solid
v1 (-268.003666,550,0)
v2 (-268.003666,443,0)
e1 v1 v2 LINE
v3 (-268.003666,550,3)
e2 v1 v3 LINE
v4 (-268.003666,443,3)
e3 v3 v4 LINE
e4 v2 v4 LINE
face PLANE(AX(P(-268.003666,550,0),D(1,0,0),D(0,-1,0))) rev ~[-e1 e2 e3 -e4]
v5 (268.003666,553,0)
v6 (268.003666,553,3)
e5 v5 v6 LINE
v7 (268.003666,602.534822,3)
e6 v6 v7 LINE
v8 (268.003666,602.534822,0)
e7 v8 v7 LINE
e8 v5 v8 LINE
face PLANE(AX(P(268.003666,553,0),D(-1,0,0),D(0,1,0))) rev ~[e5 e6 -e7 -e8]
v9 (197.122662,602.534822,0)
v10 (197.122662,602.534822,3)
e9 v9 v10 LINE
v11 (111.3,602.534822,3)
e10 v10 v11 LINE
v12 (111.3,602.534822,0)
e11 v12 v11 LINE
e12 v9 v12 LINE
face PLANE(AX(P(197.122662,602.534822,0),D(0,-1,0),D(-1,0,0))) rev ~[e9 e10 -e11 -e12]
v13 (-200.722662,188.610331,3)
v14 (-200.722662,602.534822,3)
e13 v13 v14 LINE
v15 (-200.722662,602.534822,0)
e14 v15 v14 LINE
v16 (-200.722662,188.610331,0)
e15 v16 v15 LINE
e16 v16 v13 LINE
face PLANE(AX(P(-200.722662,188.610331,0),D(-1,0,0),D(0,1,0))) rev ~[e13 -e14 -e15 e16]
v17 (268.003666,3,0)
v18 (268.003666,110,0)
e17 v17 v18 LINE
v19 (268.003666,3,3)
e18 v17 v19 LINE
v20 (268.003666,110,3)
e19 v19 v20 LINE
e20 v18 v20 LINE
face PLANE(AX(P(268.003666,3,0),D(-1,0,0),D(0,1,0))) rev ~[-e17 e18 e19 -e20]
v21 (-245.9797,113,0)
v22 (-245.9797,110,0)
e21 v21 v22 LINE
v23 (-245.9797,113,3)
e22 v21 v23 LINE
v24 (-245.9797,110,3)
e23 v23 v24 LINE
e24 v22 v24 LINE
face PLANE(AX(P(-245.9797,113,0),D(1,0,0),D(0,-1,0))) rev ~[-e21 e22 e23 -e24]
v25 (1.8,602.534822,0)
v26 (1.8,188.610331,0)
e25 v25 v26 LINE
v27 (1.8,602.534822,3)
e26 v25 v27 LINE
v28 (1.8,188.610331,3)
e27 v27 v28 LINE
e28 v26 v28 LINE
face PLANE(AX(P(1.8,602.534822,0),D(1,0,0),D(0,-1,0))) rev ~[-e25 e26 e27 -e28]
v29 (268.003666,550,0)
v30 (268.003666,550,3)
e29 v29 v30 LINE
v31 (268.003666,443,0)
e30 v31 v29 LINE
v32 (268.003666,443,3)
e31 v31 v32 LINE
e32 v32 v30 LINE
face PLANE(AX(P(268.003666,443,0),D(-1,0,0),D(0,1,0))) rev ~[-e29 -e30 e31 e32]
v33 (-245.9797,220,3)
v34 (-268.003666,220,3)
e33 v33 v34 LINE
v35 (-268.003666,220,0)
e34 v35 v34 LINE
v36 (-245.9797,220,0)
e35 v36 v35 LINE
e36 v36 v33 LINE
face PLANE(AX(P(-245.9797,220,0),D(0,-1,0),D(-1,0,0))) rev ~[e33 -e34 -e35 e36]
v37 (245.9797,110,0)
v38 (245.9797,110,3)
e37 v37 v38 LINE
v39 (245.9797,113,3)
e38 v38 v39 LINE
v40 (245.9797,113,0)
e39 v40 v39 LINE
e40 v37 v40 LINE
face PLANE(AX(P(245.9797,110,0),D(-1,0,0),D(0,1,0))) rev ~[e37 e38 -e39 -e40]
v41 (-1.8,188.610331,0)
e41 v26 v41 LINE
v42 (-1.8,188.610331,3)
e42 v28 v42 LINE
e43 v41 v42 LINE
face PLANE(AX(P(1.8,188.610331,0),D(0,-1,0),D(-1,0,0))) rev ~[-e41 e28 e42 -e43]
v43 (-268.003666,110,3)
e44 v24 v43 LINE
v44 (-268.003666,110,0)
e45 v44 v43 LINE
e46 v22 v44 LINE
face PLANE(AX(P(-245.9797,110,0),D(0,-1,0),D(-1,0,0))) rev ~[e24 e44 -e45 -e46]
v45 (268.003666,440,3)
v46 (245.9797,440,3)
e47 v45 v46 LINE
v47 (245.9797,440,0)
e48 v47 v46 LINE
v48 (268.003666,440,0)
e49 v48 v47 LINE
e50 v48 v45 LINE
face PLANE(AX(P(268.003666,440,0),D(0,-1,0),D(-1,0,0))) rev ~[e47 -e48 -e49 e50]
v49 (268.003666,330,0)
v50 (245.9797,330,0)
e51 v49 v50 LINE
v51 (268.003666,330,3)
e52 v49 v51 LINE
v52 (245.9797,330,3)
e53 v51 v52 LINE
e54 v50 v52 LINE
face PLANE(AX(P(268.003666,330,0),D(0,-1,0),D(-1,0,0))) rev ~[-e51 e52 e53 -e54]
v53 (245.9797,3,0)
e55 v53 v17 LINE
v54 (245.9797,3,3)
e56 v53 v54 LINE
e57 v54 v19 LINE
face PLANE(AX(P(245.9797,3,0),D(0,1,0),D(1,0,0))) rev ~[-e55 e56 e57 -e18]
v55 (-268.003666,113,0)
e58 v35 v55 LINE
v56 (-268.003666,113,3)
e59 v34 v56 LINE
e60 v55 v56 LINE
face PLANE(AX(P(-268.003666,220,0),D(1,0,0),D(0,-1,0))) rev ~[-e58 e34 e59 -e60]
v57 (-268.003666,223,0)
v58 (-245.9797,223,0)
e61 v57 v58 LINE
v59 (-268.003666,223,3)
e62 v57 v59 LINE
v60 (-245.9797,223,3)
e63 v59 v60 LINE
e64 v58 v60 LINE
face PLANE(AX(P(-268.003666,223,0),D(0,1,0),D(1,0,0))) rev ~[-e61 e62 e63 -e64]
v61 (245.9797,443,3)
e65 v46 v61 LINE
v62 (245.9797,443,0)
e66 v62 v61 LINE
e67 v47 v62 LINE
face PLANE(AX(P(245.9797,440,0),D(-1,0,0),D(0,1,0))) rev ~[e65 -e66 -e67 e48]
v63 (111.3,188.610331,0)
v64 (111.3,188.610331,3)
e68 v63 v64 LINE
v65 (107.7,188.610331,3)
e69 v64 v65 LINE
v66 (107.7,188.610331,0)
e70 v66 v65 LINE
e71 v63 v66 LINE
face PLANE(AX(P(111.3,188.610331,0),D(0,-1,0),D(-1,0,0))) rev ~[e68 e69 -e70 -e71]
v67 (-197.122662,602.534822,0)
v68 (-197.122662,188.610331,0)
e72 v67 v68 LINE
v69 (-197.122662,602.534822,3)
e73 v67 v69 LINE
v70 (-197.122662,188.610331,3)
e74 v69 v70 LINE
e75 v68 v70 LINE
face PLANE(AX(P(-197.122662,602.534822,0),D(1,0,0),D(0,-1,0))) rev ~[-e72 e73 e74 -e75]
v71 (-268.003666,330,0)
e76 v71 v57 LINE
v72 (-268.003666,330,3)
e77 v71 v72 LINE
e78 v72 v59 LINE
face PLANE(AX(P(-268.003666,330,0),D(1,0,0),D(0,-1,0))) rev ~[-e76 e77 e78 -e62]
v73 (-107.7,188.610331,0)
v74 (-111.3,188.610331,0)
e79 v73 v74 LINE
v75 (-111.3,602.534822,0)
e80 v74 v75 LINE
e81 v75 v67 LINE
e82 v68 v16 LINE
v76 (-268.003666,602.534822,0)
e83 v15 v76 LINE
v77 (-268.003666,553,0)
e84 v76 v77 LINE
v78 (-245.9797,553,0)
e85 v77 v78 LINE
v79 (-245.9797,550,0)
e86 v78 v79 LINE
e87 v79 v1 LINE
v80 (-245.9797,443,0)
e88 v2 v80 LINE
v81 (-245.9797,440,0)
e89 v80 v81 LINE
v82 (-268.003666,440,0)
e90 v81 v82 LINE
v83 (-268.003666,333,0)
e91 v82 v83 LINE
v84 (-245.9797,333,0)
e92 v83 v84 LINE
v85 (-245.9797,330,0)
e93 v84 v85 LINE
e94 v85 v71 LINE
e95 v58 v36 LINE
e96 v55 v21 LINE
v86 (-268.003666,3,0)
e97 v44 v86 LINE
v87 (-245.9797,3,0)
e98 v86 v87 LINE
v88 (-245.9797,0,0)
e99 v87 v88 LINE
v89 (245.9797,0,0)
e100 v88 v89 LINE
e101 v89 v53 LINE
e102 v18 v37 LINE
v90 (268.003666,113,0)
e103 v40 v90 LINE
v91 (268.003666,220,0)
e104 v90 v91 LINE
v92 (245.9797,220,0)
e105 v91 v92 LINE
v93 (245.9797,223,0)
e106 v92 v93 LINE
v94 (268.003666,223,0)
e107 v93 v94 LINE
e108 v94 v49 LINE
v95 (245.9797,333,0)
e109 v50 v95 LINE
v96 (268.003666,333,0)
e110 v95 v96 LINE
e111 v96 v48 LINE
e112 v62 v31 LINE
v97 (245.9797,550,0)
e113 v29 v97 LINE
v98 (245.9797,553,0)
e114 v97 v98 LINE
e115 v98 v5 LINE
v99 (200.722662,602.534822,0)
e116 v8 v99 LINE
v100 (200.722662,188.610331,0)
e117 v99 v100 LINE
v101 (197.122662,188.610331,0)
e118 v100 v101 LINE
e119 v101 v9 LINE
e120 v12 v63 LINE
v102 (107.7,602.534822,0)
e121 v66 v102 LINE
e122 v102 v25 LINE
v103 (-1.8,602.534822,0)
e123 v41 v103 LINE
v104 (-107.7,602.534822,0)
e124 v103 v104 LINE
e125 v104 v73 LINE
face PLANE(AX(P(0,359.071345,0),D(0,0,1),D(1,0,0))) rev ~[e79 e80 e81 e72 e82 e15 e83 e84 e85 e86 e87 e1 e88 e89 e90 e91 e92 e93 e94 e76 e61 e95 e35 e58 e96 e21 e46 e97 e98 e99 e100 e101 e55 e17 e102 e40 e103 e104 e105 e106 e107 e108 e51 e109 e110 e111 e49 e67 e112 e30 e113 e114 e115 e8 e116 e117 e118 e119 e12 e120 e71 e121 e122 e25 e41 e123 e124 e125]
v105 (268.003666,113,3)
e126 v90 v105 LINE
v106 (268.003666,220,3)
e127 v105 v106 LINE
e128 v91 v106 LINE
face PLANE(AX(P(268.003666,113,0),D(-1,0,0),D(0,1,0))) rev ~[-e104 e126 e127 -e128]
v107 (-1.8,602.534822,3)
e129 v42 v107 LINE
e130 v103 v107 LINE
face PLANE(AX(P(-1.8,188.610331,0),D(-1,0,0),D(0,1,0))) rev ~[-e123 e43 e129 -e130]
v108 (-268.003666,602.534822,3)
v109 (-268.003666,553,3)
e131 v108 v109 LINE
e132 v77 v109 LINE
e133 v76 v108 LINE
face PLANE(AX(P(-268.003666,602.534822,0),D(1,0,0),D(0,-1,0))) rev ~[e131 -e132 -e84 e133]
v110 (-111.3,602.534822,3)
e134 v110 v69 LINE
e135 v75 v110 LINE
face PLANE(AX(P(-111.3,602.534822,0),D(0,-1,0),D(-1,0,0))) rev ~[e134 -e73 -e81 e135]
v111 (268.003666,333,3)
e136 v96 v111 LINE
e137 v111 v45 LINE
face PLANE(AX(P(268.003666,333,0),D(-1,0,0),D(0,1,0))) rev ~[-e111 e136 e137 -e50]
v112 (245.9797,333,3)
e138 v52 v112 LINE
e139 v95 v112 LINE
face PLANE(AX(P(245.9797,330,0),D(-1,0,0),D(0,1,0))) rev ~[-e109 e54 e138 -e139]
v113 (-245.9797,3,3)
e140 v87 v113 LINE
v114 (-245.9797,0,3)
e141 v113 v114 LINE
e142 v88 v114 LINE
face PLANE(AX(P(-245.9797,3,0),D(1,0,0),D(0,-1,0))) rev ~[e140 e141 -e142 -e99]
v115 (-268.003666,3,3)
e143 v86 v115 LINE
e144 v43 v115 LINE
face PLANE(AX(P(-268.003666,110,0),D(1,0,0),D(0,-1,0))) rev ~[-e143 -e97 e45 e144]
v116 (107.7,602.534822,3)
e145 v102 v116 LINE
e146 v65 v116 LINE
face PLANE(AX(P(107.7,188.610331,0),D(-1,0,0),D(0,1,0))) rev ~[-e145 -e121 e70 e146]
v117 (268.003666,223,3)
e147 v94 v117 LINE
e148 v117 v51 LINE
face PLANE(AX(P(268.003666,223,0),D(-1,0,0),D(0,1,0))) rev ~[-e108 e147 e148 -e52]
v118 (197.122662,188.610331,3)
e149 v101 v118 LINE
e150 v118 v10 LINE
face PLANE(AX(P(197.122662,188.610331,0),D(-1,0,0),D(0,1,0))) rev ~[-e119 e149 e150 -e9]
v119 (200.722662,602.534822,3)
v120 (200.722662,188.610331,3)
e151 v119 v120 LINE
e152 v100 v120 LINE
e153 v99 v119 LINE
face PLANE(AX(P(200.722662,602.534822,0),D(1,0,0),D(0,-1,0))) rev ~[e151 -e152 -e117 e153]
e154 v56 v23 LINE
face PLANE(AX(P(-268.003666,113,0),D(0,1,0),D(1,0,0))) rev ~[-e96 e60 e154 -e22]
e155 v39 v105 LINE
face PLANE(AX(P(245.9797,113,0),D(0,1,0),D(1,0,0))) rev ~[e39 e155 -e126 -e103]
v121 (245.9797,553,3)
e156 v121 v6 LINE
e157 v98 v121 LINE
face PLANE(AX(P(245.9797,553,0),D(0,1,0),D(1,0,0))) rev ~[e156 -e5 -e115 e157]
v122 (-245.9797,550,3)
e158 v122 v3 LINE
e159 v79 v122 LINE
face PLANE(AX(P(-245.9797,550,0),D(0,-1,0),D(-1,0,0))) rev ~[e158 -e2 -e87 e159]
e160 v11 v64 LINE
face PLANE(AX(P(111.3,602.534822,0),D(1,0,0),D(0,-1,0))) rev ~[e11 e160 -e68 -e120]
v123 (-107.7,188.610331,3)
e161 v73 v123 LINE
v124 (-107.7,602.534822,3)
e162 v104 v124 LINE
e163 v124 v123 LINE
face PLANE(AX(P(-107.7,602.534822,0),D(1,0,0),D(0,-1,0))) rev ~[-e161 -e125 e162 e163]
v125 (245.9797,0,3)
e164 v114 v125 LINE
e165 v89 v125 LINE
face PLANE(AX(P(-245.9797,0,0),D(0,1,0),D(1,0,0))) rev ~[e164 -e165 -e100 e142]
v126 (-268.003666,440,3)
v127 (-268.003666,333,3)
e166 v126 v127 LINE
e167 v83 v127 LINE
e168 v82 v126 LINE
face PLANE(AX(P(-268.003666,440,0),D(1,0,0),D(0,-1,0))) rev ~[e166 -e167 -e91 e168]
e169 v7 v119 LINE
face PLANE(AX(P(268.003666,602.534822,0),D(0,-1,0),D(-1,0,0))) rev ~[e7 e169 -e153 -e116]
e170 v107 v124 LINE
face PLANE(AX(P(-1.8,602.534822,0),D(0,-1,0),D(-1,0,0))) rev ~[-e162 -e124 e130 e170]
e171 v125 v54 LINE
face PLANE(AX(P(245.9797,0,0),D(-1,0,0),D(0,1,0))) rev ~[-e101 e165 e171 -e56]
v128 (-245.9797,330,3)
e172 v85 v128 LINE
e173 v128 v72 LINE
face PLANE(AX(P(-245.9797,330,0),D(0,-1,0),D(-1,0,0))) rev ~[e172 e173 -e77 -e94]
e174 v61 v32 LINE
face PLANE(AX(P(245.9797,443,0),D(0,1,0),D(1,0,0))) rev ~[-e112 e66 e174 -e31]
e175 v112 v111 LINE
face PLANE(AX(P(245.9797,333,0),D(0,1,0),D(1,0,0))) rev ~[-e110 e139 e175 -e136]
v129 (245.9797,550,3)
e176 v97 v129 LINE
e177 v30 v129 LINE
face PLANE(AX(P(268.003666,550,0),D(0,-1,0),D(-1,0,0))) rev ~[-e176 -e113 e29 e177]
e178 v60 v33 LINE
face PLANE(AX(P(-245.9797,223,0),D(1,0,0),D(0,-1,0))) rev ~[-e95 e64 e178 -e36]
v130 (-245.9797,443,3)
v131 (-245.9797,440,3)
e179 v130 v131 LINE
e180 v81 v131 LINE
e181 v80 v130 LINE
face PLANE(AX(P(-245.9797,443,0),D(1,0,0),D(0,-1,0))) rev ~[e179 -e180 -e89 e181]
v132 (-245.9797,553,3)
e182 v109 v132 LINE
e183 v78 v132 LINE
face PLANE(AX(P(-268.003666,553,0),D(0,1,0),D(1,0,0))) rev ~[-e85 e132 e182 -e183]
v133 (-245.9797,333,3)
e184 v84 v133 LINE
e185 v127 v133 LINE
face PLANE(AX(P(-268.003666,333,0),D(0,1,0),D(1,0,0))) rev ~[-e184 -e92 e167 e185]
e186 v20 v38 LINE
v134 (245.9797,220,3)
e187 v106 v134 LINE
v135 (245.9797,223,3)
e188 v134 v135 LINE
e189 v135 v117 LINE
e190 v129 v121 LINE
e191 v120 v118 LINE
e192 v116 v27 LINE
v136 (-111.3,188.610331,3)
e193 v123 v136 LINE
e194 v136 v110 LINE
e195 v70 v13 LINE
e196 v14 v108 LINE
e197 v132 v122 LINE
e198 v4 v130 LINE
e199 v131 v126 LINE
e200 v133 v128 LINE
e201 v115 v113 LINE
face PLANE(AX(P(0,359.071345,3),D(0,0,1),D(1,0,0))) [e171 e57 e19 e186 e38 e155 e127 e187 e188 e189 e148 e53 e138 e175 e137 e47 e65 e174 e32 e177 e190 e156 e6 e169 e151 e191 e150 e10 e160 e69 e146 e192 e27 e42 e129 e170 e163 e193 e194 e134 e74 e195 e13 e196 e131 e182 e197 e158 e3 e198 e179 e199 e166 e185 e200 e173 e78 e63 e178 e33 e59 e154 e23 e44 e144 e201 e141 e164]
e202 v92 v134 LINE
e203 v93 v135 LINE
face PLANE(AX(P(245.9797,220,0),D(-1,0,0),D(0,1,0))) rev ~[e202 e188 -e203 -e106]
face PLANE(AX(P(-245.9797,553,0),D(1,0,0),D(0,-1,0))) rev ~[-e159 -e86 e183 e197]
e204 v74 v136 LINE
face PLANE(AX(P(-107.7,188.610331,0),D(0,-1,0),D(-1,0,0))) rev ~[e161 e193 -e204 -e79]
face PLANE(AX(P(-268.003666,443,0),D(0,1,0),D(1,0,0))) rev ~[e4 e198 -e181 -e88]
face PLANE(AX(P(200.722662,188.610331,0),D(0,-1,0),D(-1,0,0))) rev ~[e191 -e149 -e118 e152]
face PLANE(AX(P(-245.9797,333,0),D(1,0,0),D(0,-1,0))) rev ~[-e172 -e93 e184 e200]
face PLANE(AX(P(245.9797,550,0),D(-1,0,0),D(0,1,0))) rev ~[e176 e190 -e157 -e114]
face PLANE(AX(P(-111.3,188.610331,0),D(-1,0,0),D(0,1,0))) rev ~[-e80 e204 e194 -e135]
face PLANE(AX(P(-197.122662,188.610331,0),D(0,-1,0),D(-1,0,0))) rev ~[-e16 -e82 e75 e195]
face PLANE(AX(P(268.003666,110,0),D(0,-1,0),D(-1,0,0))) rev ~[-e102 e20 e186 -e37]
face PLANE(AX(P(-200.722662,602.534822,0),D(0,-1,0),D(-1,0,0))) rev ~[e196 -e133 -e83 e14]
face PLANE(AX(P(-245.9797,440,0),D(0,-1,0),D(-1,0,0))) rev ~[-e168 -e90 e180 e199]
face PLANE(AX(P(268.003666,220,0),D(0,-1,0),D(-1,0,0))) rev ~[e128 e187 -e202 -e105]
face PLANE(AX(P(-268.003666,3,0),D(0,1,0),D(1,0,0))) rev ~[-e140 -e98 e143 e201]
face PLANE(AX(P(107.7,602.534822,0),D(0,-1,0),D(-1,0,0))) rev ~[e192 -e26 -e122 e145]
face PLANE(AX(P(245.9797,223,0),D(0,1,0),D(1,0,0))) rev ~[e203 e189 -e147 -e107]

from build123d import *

# Parameters (mm, degrees)
BOSS_EXTRUDE1_DEPTH = 3


with BuildPart() as part:
    # Model → Boss-Extrude1 (new body)
    with BuildSketch(Plane.XY):
        Polygon((-268.003665543, 3), (-245.979700014, 3), (-245.979700014, 0), (245.979700014, 0), (245.979700014, 3), (268.003665543, 3), (268.003665543, 110), (245.979700014, 110), (245.979700014, 113), (268.003665543, 113), (268.003665543, 220), (245.979700014, 220), (245.979700014, 223), (268.003665543, 223), (268.003665543, 330), (245.979700014, 330), (245.979700014, 333), (268.003665543, 333), (268.003665543, 440), (245.979700014, 440), (245.979700014, 443), (268.003665543, 443), (268.003665543, 550), (245.979700014, 550), (245.979700014, 553), (268.003665543, 553), (268.003665543, 602.534821855), (200.722661621, 602.534821855), (200.722661621, 188.610331254), (197.122661621, 188.610331254), (197.122661621, 602.534821855), (111.3, 602.534821855), (111.3, 188.610331254), (107.7, 188.610331254), (107.7, 602.534821855), (1.8, 602.534821855), (1.8, 188.610331254), (-1.8, 188.610331254), (-1.8, 602.534821855), (-107.7, 602.534821855), (-107.7, 188.610331254), (-111.3, 188.610331254), (-111.3, 602.534821855), (-197.122661621, 602.534821855), (-197.122661621, 188.610331254), (-200.722661621, 188.610331254), (-200.722661621, 602.534821855), (-268.003665543, 602.534821855), (-268.003665543, 553), (-245.979700014, 553), (-245.979700014, 550), (-268.003665543, 550), (-268.003665543, 443), (-245.979700014, 443), (-245.979700014, 440), (-268.003665543, 440), (-268.003665543, 333), (-245.979700014, 333), (-245.979700014, 330), (-268.003665543, 330), (-268.003665543, 223), (-245.979700014, 223), (-245.979700014, 220), (-268.003665543, 220), (-268.003665543, 113), (-245.979700014, 113), (-245.979700014, 110), (-268.003665543, 110), align=None)
    extrude(amount=BOSS_EXTRUDE1_DEPTH)


solid = part.part
